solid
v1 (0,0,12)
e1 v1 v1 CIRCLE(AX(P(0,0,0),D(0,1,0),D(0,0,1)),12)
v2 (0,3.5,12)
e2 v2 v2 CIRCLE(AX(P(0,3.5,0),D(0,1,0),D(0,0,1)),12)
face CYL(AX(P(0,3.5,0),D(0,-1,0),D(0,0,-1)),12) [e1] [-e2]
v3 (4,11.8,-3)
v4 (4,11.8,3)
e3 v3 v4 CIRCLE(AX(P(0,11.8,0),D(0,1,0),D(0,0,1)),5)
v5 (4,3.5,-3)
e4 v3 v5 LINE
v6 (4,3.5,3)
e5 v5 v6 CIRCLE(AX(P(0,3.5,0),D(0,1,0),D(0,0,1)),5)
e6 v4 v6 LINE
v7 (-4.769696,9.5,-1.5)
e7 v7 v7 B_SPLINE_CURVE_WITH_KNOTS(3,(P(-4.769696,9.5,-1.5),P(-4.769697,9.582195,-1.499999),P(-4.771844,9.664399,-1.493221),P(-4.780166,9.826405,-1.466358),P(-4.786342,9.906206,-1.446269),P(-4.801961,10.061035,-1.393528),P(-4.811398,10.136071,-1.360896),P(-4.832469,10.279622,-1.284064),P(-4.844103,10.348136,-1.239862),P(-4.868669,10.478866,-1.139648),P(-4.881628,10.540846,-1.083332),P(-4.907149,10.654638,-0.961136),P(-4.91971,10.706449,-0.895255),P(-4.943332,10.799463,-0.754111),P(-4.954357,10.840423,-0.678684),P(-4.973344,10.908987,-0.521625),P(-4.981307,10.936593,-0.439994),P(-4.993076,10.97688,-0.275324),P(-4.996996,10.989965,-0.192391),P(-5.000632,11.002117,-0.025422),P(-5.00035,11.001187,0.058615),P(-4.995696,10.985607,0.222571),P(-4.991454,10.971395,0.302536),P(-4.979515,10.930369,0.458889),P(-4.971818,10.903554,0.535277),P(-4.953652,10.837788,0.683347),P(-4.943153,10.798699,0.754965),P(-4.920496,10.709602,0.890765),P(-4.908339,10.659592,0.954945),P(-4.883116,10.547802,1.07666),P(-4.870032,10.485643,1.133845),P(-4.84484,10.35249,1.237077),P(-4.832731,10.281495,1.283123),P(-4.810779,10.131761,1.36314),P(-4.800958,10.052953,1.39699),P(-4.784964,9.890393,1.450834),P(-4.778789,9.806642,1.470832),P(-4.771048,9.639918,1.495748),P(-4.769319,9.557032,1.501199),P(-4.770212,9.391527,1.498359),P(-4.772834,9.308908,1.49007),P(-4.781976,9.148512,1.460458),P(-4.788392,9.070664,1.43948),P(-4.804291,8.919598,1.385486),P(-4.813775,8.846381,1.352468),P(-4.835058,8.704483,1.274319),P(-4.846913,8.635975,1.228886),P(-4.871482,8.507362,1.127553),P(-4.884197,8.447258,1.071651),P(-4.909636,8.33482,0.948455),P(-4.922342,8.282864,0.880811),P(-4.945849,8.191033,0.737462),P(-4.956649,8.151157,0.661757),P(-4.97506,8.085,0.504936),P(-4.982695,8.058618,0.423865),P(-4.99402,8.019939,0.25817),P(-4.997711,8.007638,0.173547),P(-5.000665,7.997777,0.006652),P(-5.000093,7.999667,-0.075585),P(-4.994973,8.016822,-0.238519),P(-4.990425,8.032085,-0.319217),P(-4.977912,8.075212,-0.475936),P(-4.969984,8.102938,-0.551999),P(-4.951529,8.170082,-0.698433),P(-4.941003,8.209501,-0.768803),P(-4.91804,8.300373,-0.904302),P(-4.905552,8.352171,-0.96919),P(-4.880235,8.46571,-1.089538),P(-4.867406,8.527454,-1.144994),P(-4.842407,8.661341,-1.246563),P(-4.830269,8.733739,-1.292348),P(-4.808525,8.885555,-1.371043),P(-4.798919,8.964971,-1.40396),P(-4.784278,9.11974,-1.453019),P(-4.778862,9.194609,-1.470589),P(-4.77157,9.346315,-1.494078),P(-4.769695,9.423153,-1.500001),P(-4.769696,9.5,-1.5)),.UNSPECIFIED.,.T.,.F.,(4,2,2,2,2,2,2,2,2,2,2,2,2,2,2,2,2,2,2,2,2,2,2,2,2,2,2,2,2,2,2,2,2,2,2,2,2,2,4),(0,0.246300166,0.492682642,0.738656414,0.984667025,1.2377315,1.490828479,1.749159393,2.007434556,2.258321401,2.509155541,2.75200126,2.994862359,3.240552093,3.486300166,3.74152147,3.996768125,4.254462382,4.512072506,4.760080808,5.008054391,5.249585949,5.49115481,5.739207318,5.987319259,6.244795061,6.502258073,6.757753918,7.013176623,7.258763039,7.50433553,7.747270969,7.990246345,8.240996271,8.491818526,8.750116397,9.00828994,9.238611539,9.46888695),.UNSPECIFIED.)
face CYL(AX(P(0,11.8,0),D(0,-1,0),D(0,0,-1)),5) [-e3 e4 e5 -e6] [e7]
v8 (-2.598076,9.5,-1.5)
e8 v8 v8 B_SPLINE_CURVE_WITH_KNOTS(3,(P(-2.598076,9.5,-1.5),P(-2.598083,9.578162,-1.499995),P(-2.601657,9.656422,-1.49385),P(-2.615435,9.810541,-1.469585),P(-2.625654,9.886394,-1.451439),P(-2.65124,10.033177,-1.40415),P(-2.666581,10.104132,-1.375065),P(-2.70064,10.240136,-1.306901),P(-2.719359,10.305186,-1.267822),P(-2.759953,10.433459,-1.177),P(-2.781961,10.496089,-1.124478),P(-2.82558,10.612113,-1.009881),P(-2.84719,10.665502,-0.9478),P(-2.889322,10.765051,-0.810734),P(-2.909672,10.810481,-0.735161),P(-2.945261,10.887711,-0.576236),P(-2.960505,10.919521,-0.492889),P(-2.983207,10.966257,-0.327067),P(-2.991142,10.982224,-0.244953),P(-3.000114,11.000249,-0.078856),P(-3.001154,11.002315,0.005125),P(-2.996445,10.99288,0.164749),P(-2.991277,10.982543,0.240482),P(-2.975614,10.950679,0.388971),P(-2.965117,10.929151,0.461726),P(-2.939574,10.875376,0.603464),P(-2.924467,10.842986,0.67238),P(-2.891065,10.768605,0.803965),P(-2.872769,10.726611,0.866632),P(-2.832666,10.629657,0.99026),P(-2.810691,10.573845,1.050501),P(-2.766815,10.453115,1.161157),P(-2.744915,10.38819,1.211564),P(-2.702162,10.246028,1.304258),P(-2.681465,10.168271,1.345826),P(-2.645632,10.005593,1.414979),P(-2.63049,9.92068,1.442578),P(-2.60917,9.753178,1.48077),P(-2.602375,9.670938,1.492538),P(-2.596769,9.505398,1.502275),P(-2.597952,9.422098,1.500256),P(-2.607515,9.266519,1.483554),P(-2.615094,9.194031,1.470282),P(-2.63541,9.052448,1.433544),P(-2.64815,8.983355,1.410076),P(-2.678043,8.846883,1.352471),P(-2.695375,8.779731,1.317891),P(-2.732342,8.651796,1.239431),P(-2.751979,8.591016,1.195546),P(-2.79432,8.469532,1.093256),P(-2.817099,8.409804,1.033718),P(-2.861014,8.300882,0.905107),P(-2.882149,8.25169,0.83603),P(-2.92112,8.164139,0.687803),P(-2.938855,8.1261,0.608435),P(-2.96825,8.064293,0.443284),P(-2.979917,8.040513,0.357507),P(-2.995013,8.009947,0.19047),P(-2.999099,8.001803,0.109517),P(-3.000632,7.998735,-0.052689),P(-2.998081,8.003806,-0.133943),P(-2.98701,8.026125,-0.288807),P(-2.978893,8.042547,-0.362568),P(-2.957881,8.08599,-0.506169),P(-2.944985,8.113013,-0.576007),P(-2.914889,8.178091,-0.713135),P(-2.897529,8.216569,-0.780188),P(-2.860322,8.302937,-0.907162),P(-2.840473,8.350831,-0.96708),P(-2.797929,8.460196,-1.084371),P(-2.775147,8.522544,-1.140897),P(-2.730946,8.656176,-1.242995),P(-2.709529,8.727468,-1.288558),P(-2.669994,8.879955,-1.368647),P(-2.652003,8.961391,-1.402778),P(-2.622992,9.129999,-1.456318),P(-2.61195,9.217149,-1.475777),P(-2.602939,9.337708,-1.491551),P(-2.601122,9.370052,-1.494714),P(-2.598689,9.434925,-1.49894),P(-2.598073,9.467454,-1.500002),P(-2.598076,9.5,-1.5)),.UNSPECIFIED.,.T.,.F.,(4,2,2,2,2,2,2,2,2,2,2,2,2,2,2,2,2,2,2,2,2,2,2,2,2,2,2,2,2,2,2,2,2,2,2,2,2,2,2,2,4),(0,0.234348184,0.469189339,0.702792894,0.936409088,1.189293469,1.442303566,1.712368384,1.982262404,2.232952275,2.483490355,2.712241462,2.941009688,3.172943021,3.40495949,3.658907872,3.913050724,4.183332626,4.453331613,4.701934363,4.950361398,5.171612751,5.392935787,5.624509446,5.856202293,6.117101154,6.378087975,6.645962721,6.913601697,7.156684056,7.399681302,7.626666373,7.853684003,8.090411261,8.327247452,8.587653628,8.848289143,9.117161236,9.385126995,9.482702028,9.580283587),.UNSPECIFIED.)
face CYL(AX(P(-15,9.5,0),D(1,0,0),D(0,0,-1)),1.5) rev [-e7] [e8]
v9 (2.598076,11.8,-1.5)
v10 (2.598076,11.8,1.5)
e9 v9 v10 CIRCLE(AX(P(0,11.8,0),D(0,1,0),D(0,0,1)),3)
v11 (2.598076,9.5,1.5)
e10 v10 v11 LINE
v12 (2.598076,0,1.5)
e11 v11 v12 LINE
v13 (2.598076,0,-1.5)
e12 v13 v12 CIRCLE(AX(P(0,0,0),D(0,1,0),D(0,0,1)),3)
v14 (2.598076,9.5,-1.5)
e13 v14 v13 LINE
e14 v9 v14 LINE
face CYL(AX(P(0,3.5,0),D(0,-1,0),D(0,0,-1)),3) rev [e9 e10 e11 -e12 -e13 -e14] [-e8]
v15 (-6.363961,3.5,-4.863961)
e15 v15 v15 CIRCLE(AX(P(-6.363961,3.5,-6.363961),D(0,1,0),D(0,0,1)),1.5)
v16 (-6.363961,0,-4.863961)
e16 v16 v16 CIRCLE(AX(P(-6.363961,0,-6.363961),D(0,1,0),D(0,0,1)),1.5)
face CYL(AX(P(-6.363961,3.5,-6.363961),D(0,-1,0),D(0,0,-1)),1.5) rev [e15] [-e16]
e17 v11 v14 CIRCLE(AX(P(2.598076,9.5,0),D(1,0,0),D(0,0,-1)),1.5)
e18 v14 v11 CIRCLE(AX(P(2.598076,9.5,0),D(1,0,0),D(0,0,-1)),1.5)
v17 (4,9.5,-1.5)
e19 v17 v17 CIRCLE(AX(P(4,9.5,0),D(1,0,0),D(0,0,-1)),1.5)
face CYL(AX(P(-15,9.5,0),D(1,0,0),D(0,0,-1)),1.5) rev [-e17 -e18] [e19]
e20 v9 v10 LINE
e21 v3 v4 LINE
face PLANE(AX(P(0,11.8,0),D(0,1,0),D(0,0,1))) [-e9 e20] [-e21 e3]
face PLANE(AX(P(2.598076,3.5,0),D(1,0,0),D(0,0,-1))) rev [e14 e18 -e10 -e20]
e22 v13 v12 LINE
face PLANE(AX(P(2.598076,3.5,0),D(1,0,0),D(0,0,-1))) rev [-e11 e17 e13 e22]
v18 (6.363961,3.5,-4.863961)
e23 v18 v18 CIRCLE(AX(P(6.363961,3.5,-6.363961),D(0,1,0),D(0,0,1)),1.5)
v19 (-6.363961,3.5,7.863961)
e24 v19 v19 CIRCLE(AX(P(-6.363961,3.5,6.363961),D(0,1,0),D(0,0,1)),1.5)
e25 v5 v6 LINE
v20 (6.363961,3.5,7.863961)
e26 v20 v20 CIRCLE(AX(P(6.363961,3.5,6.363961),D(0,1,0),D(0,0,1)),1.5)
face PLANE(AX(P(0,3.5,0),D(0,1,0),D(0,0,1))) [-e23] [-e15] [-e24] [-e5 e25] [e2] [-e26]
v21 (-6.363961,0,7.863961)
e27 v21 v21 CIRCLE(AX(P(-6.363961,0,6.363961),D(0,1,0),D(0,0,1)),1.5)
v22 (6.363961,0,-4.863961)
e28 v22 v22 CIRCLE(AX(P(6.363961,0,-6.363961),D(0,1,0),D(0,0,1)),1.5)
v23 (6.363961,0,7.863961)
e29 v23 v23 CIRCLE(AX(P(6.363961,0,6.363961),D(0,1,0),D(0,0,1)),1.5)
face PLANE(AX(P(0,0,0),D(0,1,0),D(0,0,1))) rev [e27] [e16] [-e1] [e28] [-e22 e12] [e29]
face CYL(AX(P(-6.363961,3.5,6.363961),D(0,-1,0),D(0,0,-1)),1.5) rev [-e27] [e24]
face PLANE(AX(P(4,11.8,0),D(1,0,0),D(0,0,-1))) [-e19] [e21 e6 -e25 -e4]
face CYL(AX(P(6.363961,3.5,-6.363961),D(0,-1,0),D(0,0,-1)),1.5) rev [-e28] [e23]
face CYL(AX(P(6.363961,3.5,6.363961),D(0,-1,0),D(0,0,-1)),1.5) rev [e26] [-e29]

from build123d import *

# Parameters (mm, degrees)
SKETCH1_R           = 12
SKETCH1_R_2         = 1.5
BOSS_EXTRUDE1_DEPTH = 3.5
BOSS_EXTRUDE2_DEPTH = 8.3
SKETCH3_R           = 1.5
CUT_EXTRUDE1_DEPTH  = 19


with BuildPart() as part:
    # Sketch1 → Boss-Extrude1 (new body)
    with BuildSketch(Plane(origin=(0, 0, 0), x_dir=(1, 0, 0), z_dir=(0, 1, 0))):
        with Locations(Location((0, 0, 0), (0, 0, 270))):
            Circle(SKETCH1_R)
        with BuildLine():
            Line((2.598076211, 1.5), (2.598076211, -1.5))
            ThreePointArc((2.598076211, -1.5), (-2.974334584, -0.391578577), (2.121320344, 2.121320344))
            ThreePointArc((2.121320344, 2.121320344), (2.380060021, 1.826284287), (2.598076211, 1.5))
        make_face(mode=Mode.SUBTRACT)
        with Locations(Location((-6.363961031, -6.363961031, 0), (0, 0, 270))):
            Circle(SKETCH1_R_2, mode=Mode.SUBTRACT)
        with Locations(Location((6.363961031, -6.363961031, 0), (0, 0, 270))):
            Circle(SKETCH1_R_2, mode=Mode.SUBTRACT)
        with Locations(Location((-6.363961031, 6.363961031, 0), (0, 0, 270))):
            Circle(SKETCH1_R_2, mode=Mode.SUBTRACT)
        with Locations(Location((6.363961031, 6.363961031, 0), (0, 0, 270))):
            Circle(SKETCH1_R_2, mode=Mode.SUBTRACT)
    extrude(amount=BOSS_EXTRUDE1_DEPTH)

    # Sketch2 → Boss-Extrude2 (add)
    with BuildSketch(Plane(origin=(0, 3.5, 0), x_dir=(1, 0, 0), z_dir=(0, 1, 0))):
        with BuildLine():
            Line((4, -3), (4, 3))
            ThreePointArc((4, 3), (-5, 0), (4, -3))
        make_face()
        with BuildLine():
            Line((2.598076211, 1.5), (2.598076211, -1.5))
            ThreePointArc((2.598076211, -1.5), (-3, 0), (2.598076211, 1.5))
        make_face(mode=Mode.SUBTRACT)
    extrude(amount=BOSS_EXTRUDE2_DEPTH)

    # Sketch3 → Cut-Extrude1 (cut)
    with BuildSketch(Plane(origin=(4, 0, 0), x_dir=(0, 0, -1), z_dir=(1, 0, 0))):
        with Locations((0, 9.5)):
            Circle(SKETCH3_R)
    extrude(amount=-CUT_EXTRUDE1_DEPTH, mode=Mode.SUBTRACT)


solid = part.part
